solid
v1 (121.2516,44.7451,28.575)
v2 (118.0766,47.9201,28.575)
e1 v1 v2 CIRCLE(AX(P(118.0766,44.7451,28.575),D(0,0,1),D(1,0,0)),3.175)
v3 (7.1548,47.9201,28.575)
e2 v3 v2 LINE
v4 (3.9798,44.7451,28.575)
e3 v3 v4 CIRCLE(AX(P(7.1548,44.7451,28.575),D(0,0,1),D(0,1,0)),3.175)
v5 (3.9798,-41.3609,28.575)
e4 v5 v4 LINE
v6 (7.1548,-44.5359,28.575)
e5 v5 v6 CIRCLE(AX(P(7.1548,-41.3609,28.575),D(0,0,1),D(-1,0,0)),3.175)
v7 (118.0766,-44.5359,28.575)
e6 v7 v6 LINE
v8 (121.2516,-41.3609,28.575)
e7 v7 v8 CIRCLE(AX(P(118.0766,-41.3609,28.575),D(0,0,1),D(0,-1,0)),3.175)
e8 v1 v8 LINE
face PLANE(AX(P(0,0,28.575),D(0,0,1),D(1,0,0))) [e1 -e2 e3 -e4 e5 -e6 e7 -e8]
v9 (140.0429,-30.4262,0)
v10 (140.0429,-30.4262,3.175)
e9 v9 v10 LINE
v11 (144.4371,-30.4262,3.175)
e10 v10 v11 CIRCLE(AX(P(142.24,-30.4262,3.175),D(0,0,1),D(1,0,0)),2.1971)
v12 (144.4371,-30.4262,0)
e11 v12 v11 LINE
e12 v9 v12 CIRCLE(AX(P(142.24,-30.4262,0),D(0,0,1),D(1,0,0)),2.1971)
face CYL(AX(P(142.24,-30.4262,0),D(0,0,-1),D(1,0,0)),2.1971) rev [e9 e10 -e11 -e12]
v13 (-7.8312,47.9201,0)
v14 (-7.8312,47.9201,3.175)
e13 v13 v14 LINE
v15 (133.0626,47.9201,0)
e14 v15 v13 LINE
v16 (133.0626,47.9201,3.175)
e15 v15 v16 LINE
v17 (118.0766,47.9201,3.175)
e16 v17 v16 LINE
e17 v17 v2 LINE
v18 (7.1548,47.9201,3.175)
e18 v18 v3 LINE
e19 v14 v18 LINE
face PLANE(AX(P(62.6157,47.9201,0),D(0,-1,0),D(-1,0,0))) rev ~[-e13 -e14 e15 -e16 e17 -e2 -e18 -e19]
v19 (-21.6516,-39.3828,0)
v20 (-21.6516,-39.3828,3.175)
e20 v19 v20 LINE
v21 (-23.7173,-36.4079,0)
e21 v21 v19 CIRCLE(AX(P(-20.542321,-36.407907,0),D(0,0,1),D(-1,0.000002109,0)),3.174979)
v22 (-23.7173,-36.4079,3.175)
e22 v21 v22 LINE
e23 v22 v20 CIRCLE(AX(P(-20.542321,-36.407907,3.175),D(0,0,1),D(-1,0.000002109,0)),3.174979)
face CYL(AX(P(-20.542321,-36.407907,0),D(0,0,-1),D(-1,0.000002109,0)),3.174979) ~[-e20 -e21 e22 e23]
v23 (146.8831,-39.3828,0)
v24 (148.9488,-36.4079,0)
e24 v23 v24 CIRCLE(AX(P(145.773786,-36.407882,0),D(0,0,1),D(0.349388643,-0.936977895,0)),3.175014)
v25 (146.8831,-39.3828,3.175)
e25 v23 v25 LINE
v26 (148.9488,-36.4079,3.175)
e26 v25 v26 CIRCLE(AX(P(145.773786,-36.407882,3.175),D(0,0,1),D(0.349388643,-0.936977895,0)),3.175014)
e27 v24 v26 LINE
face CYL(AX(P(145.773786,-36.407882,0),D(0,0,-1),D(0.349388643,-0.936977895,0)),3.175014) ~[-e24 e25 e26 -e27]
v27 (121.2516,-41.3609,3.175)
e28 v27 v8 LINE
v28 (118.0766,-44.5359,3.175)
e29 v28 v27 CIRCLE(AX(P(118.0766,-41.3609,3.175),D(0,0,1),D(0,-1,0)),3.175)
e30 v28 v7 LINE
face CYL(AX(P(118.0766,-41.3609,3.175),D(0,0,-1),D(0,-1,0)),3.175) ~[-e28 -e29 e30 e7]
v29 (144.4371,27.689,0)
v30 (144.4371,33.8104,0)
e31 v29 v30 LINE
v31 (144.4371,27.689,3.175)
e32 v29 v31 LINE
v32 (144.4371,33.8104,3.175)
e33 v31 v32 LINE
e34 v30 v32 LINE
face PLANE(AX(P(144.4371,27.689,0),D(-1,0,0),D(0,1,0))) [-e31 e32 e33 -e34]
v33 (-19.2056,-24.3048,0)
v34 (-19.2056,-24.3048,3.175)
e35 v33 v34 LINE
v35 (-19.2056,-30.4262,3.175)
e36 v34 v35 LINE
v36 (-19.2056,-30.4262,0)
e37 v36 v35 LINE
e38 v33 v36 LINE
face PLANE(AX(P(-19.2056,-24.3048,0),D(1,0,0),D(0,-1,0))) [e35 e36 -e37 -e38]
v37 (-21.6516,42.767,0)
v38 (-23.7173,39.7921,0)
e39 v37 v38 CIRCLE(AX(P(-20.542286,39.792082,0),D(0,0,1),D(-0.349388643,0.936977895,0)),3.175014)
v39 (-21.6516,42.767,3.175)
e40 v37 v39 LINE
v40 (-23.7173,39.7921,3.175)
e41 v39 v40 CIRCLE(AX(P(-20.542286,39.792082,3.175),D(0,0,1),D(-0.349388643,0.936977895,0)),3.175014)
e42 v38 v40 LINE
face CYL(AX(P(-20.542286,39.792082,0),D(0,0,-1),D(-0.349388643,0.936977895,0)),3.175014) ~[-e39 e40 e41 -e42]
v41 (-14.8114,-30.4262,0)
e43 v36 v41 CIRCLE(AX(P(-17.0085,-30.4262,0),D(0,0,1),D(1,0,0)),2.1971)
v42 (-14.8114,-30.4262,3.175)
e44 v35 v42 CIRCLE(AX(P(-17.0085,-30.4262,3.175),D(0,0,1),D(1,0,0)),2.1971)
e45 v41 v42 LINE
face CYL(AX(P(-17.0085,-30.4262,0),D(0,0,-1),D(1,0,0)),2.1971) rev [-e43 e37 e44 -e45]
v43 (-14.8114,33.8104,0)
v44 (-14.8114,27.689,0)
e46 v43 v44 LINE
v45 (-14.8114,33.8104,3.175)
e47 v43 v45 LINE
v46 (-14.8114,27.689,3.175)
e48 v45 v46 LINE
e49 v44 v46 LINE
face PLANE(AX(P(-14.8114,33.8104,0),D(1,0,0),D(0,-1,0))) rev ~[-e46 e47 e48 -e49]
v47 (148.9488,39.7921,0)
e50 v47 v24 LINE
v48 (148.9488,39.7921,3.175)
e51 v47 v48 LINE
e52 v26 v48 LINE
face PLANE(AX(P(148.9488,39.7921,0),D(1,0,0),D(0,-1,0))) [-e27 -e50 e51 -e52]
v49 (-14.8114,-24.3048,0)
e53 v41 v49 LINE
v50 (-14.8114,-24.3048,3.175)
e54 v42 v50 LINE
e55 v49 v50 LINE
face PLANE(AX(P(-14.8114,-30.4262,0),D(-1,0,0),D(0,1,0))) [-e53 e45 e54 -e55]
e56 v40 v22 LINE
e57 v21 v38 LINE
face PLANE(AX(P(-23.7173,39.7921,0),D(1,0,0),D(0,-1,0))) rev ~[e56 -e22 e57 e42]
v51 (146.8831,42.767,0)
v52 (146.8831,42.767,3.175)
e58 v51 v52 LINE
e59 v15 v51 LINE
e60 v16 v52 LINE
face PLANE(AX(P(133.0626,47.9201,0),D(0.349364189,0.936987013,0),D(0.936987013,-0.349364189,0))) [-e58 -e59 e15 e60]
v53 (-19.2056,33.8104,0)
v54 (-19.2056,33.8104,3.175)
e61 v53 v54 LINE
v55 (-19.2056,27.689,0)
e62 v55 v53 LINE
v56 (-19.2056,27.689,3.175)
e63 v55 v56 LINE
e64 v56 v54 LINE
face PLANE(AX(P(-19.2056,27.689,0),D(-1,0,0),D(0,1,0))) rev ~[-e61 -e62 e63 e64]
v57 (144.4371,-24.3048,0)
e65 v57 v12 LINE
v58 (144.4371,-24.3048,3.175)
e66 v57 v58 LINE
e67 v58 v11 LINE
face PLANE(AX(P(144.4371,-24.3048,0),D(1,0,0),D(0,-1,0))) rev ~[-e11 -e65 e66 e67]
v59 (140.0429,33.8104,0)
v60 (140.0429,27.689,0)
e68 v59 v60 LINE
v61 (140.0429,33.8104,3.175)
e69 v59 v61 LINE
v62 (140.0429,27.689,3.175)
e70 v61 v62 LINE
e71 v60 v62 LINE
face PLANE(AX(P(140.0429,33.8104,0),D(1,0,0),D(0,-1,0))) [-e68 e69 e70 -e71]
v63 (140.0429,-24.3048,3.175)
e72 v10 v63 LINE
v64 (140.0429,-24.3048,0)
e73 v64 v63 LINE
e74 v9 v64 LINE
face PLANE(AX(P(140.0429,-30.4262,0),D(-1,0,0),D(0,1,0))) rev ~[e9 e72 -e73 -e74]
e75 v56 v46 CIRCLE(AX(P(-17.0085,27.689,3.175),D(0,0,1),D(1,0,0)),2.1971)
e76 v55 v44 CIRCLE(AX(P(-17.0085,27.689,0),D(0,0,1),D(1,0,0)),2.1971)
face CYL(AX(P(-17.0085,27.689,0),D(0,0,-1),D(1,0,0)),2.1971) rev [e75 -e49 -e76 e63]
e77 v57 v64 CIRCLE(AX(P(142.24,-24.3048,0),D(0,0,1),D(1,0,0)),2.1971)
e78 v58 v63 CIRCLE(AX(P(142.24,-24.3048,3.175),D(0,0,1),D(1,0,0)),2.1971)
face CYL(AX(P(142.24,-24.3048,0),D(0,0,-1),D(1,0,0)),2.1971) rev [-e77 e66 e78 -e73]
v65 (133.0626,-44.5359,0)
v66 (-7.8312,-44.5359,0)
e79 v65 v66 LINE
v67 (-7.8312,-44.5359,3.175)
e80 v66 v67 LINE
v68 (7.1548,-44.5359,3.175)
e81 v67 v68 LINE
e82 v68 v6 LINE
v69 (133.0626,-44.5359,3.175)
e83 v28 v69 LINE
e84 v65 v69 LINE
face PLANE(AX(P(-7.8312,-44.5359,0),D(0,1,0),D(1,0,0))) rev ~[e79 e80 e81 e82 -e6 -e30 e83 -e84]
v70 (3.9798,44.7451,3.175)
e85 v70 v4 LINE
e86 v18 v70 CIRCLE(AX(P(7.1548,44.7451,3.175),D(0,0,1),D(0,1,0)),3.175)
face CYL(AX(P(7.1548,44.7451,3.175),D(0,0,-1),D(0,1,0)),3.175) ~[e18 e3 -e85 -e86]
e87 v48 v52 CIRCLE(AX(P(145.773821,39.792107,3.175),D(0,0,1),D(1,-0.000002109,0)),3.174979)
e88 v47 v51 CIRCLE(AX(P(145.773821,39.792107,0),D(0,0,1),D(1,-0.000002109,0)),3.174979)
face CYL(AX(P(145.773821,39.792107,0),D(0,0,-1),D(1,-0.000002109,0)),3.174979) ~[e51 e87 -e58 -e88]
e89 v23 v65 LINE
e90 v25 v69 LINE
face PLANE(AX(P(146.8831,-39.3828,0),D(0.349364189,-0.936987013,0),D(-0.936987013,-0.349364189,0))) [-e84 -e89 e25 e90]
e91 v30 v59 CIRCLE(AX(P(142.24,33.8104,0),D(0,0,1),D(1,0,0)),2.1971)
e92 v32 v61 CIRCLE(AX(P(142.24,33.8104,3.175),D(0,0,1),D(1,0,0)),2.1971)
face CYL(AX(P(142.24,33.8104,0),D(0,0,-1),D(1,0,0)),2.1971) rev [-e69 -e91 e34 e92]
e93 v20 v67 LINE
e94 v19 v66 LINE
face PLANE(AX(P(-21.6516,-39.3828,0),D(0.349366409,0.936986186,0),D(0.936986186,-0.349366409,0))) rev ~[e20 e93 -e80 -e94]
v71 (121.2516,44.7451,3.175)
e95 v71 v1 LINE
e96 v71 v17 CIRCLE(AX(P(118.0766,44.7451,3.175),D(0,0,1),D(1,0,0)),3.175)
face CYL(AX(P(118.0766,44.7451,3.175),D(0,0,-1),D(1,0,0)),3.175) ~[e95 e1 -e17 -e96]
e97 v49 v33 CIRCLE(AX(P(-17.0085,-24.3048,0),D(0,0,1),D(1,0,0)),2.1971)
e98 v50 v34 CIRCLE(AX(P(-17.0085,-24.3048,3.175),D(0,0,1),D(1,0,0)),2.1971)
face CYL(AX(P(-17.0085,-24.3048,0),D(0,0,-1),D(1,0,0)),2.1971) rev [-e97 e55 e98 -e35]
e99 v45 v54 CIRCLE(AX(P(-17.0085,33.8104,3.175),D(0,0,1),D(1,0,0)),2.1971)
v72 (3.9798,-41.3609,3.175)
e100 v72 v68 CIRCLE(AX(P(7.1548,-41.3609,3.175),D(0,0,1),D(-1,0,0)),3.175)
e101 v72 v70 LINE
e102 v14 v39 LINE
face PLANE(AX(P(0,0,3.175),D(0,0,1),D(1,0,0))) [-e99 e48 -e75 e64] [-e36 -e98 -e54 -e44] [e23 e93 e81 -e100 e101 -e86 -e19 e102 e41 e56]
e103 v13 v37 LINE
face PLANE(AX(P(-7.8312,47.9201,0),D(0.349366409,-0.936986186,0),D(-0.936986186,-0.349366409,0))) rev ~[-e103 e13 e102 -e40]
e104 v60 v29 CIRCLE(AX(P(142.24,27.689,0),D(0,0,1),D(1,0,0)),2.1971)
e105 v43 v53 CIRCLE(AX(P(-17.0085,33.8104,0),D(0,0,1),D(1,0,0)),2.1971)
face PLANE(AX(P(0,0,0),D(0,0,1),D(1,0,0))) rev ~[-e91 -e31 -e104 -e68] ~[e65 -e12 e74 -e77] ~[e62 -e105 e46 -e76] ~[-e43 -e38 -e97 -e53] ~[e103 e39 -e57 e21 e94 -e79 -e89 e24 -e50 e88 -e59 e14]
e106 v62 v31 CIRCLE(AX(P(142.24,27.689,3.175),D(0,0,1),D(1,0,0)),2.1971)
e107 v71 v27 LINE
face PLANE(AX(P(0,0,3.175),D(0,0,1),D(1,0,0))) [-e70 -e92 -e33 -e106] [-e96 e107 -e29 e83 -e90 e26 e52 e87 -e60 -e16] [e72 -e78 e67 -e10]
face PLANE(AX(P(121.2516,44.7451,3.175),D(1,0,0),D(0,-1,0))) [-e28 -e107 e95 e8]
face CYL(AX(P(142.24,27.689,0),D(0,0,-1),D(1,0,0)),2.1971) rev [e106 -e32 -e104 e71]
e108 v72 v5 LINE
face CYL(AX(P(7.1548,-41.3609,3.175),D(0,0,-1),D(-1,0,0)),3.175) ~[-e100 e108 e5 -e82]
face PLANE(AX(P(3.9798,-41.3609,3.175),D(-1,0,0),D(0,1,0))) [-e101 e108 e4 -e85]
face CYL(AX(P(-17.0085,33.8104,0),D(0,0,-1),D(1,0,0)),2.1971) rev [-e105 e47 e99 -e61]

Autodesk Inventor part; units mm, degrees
ref_plane "YZ Plane" through (0, 0, 0) normal (1, 0, 0) x (0, 1, 0)
ref_plane "XZ Plane" through (0, 0, 0) normal (0, 1, 0) x (-1, 0, 0)
ref_plane "XY Plane" through (0, 0, 0) normal (0, 0, 1) x (1, 0, 0)
sketch "Sketch1" plane through (0, 0, 0) normal (0, 0, 1) x (1, 0, 0)
  line L0 (-7.8312, -44.5359) -> (133.0626, -44.5359)
  line L1 (133.0626, -44.5359) -> (133.0626, 47.9201)
  line L2 (133.0626, 47.9201) -> (-7.8312, 47.9201)
  line L3 (-7.8312, 47.9201) -> (-7.8312, -44.5359)
  line L4 (-7.8312, 47.9201) -> (-21.6516, 42.767)
  arc A0 (-21.6516, 42.767) -> (-23.7173, 39.7921) centre (-20.5423, 39.7921) ccw
  line L5 (-23.7173, 39.7921) -> (-23.7173, -36.4079)
  arc A1 (-23.7173, -36.4079) -> (-21.6516, -39.3828) centre (-20.5423, -36.4079) ccw
  line L6 (-21.6516, -39.3828) -> (-7.8312, -44.5359)
  circle A2 centre (-17.0085, 33.8104) radius 2.1971
  circle A3 centre (-17.0085, 27.689) radius 2.1971
  line L7 (-19.2056, 33.8104) -> (-14.8114, 33.8104)
  line L8 (-14.8114, 33.8104) -> (-14.8114, 27.689)
  line L9 (-14.8114, 27.689) -> (-19.2056, 27.689)
  line L10 (-19.2056, 27.689) -> (-19.2056, 33.8104)
  line L11 (-7.8312, 1.6921) -> (-23.7173, 1.6921)
  circle A4 centre (-17.0085, -30.4262) radius 2.1971
  circle A5 centre (-17.0085, -24.3048) radius 2.1971
  line L12 (-19.2056, -30.4262) -> (-14.8114, -30.4262)
  line L13 (-14.8114, -30.4262) -> (-14.8114, -24.3048)
  line L14 (-14.8114, -24.3048) -> (-19.2056, -24.3048)
  line L15 (-19.2056, -24.3048) -> (-19.2056, -30.4262)
  line L16 (62.6157, 47.9201) -> (62.6157, -44.5359)
  line L17 (133.0626, 47.9201) -> (146.8831, 42.767)
  arc A6 (148.9488, 39.7921) -> (146.8831, 42.767) centre (145.7738, 39.7921) ccw
  line L18 (148.9488, 39.7921) -> (148.9488, -36.4079)
  arc A7 (146.8831, -39.3828) -> (148.9488, -36.4079) centre (145.7738, -36.4079) ccw
  line L19 (146.8831, -39.3828) -> (133.0626, -44.5359)
  circle A8 centre (142.24, 33.8104) radius 2.1971
  circle A9 centre (142.24, 27.689) radius 2.1971
  line L20 (144.4371, 33.8104) -> (140.0429, 33.8104)
  line L21 (140.0429, 33.8104) -> (140.0429, 27.689)
  line L22 (140.0429, 27.689) -> (144.4371, 27.689)
  line L23 (144.4371, 27.689) -> (144.4371, 33.8104)
  line L24 (133.0626, 1.6921) -> (148.9488, 1.6921)
  circle A10 centre (142.24, -30.4262) radius 2.1971
  line L25 (144.4371, -30.4262) -> (140.0429, -30.4262)
  line L26 (140.0429, -30.4262) -> (140.0429, -24.3048)
  line L27 (140.0429, -24.3048) -> (144.4371, -24.3048)
  line L28 (144.4371, -24.3048) -> (144.4371, -30.4262)
  circle A11 centre (142.24, -24.3048) radius 2.1971
  point P0 (0, 0)
  point P1 (125.2315, 0)
  dimension "d4" = 4.3942
  dimension "d0" = 92.456
  dimension "d1" = 140.8938
  dimension "d2" = 3.175
  dimension "d3" = 76.2
  dimension "d5" = 6.1214
  dimension "d6" = 25.9969
extrude "Extrusion1" add sketch "Sketch1" along normal blind 3.175
sketch "Sketch2" plane through (0, 0, 3.175) normal (0, 0, 1) x (1, 0, 0)
  line L0 (133.0626, -44.5359) -> (-7.8312, -44.5359) projected
  line L1 (-7.8312, 47.9201) -> (133.0626, 47.9201) projected
  line L2 (7.1548, 47.9201) -> (118.0766, 47.9201)
  line L3 (121.2516, 44.7451) -> (121.2516, -41.3609)
  line L4 (118.0766, -44.5359) -> (7.1548, -44.5359)
  line L5 (3.9798, -41.3609) -> (3.9798, 44.7451)
  arc A0 (7.1548, 47.9201) -> (3.9798, 44.7451) centre (7.1548, 44.7451) ccw
  arc A1 (3.9798, -41.3609) -> (7.1548, -44.5359) centre (7.1548, -41.3609) ccw
  arc A2 (118.0766, -44.5359) -> (121.2516, -41.3609) centre (118.0766, -41.3609) ccw
  arc A3 (121.2516, 44.7451) -> (118.0766, 47.9201) centre (118.0766, 44.7451) ccw
  point P0 (0, 0)
  point P1 (3.9798, 47.9201)
  point P2 (121.2516, -44.5359)
  point P3 (62.6157, 47.9201)
  dimension "d9" = 117.2718
  dimension "d10" = 3.175
extrude "Extrusion2" add sketch "Sketch2" along normal blind 25.4
properties part number "LIDAR PSU"
